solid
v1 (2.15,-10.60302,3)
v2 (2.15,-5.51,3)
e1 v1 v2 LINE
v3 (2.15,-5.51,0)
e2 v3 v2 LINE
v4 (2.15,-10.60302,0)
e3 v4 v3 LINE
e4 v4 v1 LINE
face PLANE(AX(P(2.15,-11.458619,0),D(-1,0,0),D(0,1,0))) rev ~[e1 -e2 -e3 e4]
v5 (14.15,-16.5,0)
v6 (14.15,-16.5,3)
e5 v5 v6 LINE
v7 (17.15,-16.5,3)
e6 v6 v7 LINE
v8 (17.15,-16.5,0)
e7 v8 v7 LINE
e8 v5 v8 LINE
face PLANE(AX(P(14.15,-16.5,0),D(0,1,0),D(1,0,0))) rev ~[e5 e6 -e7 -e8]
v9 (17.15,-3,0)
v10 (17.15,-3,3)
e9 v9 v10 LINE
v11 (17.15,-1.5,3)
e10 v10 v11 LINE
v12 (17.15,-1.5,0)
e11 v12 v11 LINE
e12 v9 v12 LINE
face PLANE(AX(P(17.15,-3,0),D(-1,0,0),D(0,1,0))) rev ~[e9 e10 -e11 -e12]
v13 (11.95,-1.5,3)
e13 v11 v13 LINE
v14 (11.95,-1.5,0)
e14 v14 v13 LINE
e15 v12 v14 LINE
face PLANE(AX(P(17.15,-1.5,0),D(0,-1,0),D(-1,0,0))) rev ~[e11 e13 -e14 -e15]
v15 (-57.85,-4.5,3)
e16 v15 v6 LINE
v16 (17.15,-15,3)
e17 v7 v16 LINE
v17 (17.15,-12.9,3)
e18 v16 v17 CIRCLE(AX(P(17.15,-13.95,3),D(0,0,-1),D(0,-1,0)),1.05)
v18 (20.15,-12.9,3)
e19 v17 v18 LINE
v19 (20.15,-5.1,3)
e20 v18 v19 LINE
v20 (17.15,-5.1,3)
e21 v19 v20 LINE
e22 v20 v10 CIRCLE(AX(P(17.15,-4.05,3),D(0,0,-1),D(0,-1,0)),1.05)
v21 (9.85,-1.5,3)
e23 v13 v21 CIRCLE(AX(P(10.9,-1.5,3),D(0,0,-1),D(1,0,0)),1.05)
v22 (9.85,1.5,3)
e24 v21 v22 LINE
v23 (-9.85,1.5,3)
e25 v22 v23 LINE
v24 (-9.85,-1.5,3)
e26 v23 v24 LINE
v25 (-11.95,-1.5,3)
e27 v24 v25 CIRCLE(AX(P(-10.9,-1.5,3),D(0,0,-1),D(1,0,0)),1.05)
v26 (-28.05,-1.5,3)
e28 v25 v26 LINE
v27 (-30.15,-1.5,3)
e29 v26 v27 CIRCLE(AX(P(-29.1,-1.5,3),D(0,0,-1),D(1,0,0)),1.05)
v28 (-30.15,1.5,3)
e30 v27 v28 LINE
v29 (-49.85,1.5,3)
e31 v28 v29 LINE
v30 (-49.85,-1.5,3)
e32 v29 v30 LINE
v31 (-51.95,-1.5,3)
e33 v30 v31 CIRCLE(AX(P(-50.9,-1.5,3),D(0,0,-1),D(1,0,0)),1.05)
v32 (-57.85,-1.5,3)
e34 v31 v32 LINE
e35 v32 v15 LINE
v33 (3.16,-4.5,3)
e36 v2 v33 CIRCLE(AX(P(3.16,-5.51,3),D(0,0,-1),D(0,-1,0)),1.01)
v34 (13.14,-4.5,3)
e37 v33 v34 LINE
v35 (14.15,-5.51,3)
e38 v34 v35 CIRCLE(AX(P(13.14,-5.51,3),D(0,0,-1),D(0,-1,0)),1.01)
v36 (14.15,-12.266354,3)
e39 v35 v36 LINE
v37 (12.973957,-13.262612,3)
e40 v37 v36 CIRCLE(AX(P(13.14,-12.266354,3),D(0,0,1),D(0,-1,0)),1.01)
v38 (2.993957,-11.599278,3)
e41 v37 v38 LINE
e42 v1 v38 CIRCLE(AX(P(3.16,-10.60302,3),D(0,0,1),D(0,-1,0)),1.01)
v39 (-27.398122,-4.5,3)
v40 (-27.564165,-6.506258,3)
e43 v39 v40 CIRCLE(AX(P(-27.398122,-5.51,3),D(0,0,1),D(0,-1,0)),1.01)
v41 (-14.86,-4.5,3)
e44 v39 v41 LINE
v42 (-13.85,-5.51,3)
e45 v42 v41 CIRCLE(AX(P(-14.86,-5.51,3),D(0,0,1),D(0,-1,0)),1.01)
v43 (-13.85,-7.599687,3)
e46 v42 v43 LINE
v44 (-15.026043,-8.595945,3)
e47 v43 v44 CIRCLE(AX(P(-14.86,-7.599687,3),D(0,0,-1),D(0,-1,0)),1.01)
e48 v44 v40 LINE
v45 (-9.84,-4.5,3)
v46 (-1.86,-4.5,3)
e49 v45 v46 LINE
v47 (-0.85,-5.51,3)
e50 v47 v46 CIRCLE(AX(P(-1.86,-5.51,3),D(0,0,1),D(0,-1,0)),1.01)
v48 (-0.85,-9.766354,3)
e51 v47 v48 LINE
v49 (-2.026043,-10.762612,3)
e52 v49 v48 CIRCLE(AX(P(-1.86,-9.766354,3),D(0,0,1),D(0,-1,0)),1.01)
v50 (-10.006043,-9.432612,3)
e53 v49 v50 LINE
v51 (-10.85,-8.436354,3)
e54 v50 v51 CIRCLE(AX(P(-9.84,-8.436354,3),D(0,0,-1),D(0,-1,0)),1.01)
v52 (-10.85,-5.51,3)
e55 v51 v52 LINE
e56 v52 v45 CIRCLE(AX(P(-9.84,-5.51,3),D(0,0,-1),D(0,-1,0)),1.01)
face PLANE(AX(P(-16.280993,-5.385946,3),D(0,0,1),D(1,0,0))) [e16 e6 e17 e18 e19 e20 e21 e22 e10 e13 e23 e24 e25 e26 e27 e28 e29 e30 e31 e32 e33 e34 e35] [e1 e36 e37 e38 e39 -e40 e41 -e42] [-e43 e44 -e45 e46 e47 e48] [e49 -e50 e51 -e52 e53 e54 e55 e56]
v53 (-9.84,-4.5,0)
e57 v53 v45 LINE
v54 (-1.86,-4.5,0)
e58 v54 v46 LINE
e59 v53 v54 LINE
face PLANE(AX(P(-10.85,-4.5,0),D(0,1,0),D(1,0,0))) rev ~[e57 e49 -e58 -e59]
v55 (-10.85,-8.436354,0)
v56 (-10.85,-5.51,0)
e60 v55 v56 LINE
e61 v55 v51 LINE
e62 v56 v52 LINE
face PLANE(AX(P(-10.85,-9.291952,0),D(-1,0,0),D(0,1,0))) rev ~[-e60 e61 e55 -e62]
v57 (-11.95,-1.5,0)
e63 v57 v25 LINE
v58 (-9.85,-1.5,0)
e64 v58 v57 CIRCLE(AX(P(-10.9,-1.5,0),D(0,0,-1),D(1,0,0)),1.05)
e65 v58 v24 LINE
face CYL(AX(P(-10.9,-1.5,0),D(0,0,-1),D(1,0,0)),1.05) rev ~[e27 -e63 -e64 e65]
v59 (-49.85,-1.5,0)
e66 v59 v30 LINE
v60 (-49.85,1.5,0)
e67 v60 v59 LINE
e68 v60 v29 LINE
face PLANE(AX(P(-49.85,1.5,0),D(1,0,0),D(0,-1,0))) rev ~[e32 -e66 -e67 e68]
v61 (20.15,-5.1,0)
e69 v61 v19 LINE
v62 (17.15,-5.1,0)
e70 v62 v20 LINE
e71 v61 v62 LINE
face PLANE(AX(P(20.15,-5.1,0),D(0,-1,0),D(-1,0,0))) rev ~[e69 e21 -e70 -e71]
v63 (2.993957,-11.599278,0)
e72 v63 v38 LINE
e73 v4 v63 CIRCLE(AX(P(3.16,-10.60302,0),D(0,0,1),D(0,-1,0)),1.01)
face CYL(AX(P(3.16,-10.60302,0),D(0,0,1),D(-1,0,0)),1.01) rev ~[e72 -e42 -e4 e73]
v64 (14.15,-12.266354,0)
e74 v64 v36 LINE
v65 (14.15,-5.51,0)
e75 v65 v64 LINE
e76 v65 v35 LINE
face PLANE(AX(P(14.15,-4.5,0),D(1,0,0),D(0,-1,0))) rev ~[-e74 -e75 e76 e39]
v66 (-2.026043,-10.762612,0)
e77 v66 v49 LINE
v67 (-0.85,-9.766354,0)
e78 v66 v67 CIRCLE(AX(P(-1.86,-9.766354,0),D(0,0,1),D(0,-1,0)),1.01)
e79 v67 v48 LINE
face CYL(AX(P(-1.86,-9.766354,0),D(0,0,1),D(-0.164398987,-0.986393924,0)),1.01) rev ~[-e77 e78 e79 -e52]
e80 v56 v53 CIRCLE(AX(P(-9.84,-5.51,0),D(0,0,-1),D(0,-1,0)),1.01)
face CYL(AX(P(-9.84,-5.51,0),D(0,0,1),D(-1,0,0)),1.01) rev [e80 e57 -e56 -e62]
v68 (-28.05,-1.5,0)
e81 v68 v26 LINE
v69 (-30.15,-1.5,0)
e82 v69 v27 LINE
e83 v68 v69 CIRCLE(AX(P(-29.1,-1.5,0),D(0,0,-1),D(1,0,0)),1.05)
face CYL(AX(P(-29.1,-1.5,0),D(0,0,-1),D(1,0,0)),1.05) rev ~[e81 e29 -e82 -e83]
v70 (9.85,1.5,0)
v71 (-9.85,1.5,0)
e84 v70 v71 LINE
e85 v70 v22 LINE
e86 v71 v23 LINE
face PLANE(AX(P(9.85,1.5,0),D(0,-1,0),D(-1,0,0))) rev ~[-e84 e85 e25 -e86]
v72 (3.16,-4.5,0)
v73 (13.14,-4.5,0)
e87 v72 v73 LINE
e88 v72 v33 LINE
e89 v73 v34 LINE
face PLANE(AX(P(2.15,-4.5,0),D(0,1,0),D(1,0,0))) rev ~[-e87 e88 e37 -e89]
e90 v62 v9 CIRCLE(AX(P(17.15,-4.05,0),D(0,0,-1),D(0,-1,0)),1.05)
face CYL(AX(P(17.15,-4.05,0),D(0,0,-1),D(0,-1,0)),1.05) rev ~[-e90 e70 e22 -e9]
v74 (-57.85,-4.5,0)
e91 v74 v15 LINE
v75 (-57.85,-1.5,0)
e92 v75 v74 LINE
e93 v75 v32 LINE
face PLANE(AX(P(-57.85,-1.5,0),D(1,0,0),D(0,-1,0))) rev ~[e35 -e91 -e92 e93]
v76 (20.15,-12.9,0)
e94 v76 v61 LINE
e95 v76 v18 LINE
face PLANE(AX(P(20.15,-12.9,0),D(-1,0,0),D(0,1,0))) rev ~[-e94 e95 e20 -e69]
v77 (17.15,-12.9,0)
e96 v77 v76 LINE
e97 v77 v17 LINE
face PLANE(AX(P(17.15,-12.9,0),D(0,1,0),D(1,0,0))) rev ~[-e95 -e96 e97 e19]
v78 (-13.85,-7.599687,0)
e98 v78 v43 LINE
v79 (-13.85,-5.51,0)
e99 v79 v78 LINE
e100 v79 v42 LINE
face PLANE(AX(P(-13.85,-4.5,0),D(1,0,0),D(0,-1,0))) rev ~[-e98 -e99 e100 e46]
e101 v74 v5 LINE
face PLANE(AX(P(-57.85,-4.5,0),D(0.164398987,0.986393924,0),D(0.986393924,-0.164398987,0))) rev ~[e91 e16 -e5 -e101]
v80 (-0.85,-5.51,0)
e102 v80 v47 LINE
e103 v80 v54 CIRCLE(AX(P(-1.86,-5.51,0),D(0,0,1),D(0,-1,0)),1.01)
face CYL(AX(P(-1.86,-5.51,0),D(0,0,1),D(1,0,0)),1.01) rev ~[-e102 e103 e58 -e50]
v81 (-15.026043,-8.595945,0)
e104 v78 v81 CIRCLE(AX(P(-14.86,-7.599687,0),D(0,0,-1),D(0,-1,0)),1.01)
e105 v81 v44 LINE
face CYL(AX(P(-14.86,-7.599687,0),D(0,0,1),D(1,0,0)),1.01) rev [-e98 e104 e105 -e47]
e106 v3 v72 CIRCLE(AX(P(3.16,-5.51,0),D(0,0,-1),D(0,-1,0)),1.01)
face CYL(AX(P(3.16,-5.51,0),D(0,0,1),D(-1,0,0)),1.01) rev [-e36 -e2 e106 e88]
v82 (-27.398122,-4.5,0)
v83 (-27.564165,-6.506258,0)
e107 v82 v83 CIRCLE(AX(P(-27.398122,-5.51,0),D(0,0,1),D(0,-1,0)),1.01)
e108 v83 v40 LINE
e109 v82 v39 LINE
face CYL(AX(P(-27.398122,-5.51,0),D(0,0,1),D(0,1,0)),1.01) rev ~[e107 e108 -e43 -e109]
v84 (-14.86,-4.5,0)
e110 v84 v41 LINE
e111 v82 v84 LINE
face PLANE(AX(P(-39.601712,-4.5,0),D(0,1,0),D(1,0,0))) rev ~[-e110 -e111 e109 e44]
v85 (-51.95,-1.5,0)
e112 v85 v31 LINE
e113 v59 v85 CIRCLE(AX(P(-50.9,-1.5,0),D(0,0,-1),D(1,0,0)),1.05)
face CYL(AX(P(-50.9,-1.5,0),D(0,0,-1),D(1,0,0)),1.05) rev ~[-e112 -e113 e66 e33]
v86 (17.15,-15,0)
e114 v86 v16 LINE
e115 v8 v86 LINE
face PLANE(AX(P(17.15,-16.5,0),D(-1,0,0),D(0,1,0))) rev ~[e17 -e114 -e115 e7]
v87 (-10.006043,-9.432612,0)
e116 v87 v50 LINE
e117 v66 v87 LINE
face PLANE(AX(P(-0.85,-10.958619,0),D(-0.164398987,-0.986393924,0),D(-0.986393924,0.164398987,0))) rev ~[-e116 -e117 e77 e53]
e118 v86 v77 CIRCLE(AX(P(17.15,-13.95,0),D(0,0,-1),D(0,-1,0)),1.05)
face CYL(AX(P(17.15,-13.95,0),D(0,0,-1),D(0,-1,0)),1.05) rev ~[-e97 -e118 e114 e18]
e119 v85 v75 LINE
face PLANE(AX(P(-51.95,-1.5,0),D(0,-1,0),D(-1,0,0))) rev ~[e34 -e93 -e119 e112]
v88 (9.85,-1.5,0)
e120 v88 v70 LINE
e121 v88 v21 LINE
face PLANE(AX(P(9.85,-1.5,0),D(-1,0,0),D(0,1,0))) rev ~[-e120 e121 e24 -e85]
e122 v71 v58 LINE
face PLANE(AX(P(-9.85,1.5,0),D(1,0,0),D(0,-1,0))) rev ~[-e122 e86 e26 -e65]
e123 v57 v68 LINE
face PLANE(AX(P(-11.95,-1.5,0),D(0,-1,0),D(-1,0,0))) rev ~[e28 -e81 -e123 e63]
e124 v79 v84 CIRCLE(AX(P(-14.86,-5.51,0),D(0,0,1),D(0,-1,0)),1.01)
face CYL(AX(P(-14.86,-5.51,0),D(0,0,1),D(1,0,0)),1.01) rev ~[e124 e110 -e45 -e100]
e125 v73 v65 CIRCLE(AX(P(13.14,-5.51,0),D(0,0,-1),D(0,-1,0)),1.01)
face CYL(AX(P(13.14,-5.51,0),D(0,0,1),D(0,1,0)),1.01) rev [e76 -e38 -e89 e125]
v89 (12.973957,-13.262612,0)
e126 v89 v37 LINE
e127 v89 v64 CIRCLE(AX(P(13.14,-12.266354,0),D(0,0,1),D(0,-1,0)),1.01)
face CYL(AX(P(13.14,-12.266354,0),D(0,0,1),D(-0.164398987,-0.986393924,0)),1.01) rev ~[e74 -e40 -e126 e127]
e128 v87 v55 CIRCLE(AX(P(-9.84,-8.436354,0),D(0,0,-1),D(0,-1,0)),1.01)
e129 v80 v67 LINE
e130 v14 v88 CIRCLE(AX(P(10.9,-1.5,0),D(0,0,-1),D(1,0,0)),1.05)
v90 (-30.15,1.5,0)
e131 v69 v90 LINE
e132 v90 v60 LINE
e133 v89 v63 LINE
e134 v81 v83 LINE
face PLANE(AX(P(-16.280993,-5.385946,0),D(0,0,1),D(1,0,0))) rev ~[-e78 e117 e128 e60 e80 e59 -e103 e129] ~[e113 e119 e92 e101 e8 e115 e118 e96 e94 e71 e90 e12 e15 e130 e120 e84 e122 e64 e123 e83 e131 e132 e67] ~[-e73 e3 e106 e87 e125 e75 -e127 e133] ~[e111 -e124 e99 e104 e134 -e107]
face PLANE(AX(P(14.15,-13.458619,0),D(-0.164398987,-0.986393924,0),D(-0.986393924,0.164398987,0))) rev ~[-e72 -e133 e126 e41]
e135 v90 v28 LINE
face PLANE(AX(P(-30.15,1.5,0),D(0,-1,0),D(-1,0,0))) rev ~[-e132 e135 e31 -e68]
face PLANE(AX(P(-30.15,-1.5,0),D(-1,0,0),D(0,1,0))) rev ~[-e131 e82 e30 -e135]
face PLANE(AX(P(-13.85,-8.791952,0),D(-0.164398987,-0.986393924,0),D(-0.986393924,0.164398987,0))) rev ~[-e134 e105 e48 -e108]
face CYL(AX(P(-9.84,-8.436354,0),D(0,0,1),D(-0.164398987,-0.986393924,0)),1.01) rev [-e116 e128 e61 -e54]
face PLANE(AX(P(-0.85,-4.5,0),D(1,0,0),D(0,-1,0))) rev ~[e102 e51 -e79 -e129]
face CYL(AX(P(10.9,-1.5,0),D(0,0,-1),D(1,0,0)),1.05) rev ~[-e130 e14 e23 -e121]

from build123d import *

# Parameters (mm, degrees)
EXTRUDE_1_DEPTH = 3
FILLET_1_R      = 1.01


with BuildPart() as part:
    # 草图1 → 凸台-拉伸1 (new body)
    with BuildSketch(Plane.XY):
        with BuildLine():
            Line((-11.95, -1.5), (-28.05, -1.5))
            ThreePointArc((-28.05, -1.5), (-29.1, -2.55), (-30.15, -1.5))
            Line((-30.15, -1.5), (-30.15, 1.5))
            Line((-30.15, 1.5), (-49.85, 1.5))
            Line((-49.85, 1.5), (-49.85, -1.5))
            ThreePointArc((-49.85, -1.5), (-50.9, -2.55), (-51.95, -1.5))
            Line((-51.95, -1.5), (-57.85, -1.5))
            Line((-57.85, -1.5), (-57.85, -4.5))
            Line((-57.85, -4.5), (14.15, -16.5))
            Line((14.15, -16.5), (17.15, -16.5))
            Line((17.15, -16.5), (17.15, -15))
            ThreePointArc((17.15, -15), (16.1, -13.95), (17.15, -12.9))
            Line((17.15, -12.9), (20.15, -12.9))
            Line((20.15, -12.9), (20.15, -5.1))
            Line((20.15, -5.1), (17.15, -5.1))
            ThreePointArc((17.15, -5.1), (16.1, -4.05), (17.15, -3))
            Line((17.15, -3), (17.15, -1.5))
            Line((17.15, -1.5), (11.95, -1.5))
            ThreePointArc((11.95, -1.5), (10.9, -2.55), (9.85, -1.5))
            Line((9.85, -1.5), (9.85, 1.5))
            Line((9.85, 1.5), (-9.85, 1.5))
            Line((-9.85, 1.5), (-9.85, -1.5))
            ThreePointArc((-9.85, -1.5), (-10.9, -2.55), (-11.95, -1.5))
        make_face()
        Polygon((-10.85, -9.291952068), (-10.85, -4.5), (-0.85, -4.5), (-0.85, -10.958618735), align=None, mode=Mode.SUBTRACT)
        Polygon((2.15, -4.5), (14.15, -4.5), (14.15, -13.458618735), (2.15, -11.458618735), align=None, mode=Mode.SUBTRACT)
        Polygon((-13.85, -8.791952068), (-39.601712409, -4.5), (-13.85, -4.5), align=None, mode=Mode.SUBTRACT)
    extrude(amount=EXTRUDE_1_DEPTH)

    # 圆角1
    fillet_1_edges = [part.edges().sort_by_distance(p)[0] for p in [
        (-0.85, -4.5, 1.5),
        (-10.85, -4.5, 1.5),
        (-10.85, -9.291952068, 1.5),
        (-0.85, -10.958618735, 1.5),
        (2.15, -11.458618735, 1.5),
        (14.15, -13.458618735, 1.5),
        (14.15, -4.5, 1.5),
        (2.15, -4.5, 1.5),
        (-13.85, -4.5, 1.5),
        (-39.601712409, -4.5, 1.5),
        (-13.85, -8.791952068, 1.5),
    ]]
    fillet(fillet_1_edges, radius=FILLET_1_R)


solid = part.part
